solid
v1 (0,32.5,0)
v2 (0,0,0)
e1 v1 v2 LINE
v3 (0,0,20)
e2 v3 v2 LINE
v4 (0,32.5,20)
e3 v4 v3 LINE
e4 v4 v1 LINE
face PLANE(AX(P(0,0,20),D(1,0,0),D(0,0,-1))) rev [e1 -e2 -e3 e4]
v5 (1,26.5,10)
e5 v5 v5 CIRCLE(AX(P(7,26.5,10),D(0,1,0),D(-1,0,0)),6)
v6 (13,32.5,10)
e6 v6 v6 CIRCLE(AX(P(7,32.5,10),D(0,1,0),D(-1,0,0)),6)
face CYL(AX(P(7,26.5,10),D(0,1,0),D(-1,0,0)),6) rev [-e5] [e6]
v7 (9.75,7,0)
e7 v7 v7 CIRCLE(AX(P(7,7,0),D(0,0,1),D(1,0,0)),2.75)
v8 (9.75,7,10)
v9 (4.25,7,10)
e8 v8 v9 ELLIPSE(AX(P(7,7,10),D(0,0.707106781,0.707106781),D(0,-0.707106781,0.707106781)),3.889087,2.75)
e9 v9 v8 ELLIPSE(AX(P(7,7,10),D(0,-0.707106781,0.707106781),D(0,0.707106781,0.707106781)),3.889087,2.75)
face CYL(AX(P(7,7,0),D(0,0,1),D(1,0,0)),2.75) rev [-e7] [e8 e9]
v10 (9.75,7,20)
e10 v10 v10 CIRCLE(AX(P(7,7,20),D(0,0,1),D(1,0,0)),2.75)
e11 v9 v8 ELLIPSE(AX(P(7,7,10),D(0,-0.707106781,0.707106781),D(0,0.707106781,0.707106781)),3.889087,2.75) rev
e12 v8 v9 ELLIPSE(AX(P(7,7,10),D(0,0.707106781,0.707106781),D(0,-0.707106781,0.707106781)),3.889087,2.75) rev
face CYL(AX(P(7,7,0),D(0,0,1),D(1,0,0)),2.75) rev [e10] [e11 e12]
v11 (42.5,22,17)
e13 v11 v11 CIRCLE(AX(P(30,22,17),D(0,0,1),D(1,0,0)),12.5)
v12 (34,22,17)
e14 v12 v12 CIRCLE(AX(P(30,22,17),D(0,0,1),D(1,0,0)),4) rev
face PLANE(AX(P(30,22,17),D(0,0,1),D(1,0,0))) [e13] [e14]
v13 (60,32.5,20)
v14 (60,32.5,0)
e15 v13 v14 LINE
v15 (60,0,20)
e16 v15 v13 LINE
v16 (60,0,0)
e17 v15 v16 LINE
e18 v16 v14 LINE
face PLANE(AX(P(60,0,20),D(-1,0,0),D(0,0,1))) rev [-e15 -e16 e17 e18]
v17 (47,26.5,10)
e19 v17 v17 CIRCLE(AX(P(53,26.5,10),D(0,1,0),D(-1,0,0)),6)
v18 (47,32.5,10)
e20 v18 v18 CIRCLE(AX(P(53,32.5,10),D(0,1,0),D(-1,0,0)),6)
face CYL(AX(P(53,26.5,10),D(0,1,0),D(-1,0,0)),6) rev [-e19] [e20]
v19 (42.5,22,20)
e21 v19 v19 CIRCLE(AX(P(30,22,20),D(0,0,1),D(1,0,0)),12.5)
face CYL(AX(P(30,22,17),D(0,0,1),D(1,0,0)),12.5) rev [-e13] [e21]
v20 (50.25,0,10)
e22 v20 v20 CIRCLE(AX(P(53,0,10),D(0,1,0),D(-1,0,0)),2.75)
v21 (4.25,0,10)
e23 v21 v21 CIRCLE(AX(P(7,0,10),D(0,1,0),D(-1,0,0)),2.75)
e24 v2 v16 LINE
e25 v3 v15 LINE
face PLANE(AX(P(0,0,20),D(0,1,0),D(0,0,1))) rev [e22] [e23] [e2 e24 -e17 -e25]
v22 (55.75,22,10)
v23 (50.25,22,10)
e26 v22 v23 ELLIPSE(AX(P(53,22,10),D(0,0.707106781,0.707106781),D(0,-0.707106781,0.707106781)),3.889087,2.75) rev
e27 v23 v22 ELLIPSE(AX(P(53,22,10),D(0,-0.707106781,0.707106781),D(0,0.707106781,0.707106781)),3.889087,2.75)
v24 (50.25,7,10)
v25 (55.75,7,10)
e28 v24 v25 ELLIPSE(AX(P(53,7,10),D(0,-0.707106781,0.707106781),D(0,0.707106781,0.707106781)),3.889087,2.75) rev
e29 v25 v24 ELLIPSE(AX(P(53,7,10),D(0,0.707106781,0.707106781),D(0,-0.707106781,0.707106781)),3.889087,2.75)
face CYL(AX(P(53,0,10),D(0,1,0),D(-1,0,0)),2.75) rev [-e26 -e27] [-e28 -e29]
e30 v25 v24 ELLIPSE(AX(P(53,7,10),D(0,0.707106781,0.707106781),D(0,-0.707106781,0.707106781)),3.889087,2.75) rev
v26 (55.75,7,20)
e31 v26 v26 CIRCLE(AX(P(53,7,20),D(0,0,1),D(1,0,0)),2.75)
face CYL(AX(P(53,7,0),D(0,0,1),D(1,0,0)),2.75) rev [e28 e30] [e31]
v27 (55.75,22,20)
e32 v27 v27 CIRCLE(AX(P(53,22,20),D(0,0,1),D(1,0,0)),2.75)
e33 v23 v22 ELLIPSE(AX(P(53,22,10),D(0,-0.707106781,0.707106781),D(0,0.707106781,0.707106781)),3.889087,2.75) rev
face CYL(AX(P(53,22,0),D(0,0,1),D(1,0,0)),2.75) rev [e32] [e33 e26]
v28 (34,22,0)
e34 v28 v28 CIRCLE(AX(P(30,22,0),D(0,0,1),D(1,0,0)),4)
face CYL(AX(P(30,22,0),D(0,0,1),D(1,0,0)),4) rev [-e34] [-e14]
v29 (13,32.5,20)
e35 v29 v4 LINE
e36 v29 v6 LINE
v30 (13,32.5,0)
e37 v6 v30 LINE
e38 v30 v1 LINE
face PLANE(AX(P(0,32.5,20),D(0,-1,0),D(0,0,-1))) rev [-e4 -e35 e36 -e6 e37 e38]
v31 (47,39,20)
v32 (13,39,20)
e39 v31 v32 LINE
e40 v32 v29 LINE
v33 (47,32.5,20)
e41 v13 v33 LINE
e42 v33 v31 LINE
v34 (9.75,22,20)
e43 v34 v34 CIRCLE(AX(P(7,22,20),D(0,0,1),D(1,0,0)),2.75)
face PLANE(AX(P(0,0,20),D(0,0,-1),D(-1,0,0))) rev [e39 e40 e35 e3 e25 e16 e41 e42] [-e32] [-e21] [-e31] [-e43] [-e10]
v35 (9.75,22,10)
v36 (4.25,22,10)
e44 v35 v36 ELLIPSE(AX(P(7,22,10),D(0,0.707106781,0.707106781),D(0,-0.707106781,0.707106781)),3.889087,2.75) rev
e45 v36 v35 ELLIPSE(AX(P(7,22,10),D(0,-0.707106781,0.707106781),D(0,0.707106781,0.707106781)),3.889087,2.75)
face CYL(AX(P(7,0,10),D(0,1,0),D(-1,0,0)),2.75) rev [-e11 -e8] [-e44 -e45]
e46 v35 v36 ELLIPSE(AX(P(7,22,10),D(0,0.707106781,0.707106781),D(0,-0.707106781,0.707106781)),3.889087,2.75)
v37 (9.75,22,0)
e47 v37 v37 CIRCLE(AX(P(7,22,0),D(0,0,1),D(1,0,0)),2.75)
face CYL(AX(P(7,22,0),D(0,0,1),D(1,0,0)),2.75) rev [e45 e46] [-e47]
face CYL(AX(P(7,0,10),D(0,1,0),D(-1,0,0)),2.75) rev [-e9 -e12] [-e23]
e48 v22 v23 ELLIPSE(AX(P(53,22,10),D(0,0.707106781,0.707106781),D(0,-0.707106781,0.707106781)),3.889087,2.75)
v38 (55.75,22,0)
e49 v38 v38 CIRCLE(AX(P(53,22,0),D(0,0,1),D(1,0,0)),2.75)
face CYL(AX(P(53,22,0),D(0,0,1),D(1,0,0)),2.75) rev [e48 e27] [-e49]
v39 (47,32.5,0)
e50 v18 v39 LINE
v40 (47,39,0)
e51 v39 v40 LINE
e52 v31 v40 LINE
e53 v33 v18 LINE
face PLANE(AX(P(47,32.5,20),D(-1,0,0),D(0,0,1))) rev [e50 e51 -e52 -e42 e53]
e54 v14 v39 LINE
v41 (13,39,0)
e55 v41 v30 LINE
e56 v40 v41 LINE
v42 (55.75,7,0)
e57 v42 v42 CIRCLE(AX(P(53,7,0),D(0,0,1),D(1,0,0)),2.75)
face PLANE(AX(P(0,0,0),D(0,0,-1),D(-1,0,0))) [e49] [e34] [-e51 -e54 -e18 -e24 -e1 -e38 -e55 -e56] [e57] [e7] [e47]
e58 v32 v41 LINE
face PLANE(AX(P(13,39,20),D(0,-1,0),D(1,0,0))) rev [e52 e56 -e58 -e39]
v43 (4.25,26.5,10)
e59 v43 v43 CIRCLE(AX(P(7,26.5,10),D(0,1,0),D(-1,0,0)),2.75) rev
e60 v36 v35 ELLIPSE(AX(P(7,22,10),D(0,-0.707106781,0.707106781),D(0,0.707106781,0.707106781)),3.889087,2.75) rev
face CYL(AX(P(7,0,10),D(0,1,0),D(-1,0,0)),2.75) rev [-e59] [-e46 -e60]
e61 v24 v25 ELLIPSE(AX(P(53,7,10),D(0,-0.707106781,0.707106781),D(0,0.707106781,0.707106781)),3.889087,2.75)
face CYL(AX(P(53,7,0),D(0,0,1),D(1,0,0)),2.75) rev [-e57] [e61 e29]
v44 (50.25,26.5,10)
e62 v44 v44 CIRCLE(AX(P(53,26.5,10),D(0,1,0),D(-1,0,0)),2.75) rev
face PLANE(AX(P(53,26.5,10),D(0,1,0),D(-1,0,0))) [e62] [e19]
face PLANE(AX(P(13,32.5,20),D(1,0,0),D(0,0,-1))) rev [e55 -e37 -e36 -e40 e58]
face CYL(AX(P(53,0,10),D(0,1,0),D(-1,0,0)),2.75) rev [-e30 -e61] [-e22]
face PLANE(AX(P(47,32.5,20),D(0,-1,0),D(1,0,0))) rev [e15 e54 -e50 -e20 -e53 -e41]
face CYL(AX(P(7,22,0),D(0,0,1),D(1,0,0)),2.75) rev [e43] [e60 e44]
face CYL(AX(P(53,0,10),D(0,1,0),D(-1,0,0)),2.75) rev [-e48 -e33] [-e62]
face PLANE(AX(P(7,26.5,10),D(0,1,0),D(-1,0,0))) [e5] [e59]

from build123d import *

# Parameters (mm, degrees)
EXTRUDE_1_DEPTH     = 20
SKETCH_2_R          = 2.75
SKETCH_2_R_2        = 4
CUT_EXTRUDE_1_DEPTH = 75.303431953
SKETCH_3_R          = 12.5
CUT_EXTRUDE_2_DEPTH = 3
SKETCH_4_R          = 2.75
CUT_EXTRUDE_3_DEPTH = 72.107313267
SKETCH_5_R          = 6
CUT_EXTRUDE_4_DEPTH = 6


with BuildPart() as part:
    # Эскиз1 → Бобышка-Вытянуть1 (new body)
    with BuildSketch(Plane.XY):
        Polygon((47, 32.5), (60, 32.5), (60, 0), (0, 0), (0, 32.5), (13, 32.5), (13, 39), (47, 39), align=None)
    extrude(amount=EXTRUDE_1_DEPTH)

    # Эскиз2 → Вырез-Вытянуть1 (cut, through all)
    with BuildSketch(Plane.XY.offset(20)):
        with Locations((7, 22)):
            Circle(SKETCH_2_R)
        with Locations((7, 7)):
            Circle(SKETCH_2_R)
        with Locations((53, 22)):
            Circle(SKETCH_2_R)
        with Locations((53, 7)):
            Circle(SKETCH_2_R)
        with Locations((30, 22)):
            Circle(SKETCH_2_R_2)
    extrude(amount=-CUT_EXTRUDE_1_DEPTH, mode=Mode.SUBTRACT)

    # Эскиз3 → Вырез-Вытянуть2 (cut)
    with BuildSketch(Plane.XY.offset(20)):
        with Locations((30, 22)):
            Circle(SKETCH_3_R)
    extrude(amount=-CUT_EXTRUDE_2_DEPTH, mode=Mode.SUBTRACT)

    # Эскиз4 → Вырез-Вытянуть3 (cut, through all)
    with BuildSketch(Plane(origin=(0, 32.5, 0), x_dir=(1, 0, 0), z_dir=(0, 1, 0))):
        with Locations(Location((7, -10, 0), (0, 0, 180))):
            Circle(SKETCH_4_R)
        with Locations(Location((53, -10, 0), (0, 0, 180))):
            Circle(SKETCH_4_R)
    extrude(amount=-CUT_EXTRUDE_3_DEPTH, mode=Mode.SUBTRACT)

    # Эскиз5 → Вырез-Вытянуть4 (cut)
    with BuildSketch(Plane(origin=(0, 32.5, 0), x_dir=(1, 0, 0), z_dir=(0, 1, 0))):
        with Locations(Location((7, -10, 0), (0, 0, 180))):
            Circle(SKETCH_5_R)
        with Locations(Location((53, -10, 0), (0, 0, 180))):
            Circle(SKETCH_5_R)
    extrude(amount=-CUT_EXTRUDE_4_DEPTH, mode=Mode.SUBTRACT)


solid = part.part
